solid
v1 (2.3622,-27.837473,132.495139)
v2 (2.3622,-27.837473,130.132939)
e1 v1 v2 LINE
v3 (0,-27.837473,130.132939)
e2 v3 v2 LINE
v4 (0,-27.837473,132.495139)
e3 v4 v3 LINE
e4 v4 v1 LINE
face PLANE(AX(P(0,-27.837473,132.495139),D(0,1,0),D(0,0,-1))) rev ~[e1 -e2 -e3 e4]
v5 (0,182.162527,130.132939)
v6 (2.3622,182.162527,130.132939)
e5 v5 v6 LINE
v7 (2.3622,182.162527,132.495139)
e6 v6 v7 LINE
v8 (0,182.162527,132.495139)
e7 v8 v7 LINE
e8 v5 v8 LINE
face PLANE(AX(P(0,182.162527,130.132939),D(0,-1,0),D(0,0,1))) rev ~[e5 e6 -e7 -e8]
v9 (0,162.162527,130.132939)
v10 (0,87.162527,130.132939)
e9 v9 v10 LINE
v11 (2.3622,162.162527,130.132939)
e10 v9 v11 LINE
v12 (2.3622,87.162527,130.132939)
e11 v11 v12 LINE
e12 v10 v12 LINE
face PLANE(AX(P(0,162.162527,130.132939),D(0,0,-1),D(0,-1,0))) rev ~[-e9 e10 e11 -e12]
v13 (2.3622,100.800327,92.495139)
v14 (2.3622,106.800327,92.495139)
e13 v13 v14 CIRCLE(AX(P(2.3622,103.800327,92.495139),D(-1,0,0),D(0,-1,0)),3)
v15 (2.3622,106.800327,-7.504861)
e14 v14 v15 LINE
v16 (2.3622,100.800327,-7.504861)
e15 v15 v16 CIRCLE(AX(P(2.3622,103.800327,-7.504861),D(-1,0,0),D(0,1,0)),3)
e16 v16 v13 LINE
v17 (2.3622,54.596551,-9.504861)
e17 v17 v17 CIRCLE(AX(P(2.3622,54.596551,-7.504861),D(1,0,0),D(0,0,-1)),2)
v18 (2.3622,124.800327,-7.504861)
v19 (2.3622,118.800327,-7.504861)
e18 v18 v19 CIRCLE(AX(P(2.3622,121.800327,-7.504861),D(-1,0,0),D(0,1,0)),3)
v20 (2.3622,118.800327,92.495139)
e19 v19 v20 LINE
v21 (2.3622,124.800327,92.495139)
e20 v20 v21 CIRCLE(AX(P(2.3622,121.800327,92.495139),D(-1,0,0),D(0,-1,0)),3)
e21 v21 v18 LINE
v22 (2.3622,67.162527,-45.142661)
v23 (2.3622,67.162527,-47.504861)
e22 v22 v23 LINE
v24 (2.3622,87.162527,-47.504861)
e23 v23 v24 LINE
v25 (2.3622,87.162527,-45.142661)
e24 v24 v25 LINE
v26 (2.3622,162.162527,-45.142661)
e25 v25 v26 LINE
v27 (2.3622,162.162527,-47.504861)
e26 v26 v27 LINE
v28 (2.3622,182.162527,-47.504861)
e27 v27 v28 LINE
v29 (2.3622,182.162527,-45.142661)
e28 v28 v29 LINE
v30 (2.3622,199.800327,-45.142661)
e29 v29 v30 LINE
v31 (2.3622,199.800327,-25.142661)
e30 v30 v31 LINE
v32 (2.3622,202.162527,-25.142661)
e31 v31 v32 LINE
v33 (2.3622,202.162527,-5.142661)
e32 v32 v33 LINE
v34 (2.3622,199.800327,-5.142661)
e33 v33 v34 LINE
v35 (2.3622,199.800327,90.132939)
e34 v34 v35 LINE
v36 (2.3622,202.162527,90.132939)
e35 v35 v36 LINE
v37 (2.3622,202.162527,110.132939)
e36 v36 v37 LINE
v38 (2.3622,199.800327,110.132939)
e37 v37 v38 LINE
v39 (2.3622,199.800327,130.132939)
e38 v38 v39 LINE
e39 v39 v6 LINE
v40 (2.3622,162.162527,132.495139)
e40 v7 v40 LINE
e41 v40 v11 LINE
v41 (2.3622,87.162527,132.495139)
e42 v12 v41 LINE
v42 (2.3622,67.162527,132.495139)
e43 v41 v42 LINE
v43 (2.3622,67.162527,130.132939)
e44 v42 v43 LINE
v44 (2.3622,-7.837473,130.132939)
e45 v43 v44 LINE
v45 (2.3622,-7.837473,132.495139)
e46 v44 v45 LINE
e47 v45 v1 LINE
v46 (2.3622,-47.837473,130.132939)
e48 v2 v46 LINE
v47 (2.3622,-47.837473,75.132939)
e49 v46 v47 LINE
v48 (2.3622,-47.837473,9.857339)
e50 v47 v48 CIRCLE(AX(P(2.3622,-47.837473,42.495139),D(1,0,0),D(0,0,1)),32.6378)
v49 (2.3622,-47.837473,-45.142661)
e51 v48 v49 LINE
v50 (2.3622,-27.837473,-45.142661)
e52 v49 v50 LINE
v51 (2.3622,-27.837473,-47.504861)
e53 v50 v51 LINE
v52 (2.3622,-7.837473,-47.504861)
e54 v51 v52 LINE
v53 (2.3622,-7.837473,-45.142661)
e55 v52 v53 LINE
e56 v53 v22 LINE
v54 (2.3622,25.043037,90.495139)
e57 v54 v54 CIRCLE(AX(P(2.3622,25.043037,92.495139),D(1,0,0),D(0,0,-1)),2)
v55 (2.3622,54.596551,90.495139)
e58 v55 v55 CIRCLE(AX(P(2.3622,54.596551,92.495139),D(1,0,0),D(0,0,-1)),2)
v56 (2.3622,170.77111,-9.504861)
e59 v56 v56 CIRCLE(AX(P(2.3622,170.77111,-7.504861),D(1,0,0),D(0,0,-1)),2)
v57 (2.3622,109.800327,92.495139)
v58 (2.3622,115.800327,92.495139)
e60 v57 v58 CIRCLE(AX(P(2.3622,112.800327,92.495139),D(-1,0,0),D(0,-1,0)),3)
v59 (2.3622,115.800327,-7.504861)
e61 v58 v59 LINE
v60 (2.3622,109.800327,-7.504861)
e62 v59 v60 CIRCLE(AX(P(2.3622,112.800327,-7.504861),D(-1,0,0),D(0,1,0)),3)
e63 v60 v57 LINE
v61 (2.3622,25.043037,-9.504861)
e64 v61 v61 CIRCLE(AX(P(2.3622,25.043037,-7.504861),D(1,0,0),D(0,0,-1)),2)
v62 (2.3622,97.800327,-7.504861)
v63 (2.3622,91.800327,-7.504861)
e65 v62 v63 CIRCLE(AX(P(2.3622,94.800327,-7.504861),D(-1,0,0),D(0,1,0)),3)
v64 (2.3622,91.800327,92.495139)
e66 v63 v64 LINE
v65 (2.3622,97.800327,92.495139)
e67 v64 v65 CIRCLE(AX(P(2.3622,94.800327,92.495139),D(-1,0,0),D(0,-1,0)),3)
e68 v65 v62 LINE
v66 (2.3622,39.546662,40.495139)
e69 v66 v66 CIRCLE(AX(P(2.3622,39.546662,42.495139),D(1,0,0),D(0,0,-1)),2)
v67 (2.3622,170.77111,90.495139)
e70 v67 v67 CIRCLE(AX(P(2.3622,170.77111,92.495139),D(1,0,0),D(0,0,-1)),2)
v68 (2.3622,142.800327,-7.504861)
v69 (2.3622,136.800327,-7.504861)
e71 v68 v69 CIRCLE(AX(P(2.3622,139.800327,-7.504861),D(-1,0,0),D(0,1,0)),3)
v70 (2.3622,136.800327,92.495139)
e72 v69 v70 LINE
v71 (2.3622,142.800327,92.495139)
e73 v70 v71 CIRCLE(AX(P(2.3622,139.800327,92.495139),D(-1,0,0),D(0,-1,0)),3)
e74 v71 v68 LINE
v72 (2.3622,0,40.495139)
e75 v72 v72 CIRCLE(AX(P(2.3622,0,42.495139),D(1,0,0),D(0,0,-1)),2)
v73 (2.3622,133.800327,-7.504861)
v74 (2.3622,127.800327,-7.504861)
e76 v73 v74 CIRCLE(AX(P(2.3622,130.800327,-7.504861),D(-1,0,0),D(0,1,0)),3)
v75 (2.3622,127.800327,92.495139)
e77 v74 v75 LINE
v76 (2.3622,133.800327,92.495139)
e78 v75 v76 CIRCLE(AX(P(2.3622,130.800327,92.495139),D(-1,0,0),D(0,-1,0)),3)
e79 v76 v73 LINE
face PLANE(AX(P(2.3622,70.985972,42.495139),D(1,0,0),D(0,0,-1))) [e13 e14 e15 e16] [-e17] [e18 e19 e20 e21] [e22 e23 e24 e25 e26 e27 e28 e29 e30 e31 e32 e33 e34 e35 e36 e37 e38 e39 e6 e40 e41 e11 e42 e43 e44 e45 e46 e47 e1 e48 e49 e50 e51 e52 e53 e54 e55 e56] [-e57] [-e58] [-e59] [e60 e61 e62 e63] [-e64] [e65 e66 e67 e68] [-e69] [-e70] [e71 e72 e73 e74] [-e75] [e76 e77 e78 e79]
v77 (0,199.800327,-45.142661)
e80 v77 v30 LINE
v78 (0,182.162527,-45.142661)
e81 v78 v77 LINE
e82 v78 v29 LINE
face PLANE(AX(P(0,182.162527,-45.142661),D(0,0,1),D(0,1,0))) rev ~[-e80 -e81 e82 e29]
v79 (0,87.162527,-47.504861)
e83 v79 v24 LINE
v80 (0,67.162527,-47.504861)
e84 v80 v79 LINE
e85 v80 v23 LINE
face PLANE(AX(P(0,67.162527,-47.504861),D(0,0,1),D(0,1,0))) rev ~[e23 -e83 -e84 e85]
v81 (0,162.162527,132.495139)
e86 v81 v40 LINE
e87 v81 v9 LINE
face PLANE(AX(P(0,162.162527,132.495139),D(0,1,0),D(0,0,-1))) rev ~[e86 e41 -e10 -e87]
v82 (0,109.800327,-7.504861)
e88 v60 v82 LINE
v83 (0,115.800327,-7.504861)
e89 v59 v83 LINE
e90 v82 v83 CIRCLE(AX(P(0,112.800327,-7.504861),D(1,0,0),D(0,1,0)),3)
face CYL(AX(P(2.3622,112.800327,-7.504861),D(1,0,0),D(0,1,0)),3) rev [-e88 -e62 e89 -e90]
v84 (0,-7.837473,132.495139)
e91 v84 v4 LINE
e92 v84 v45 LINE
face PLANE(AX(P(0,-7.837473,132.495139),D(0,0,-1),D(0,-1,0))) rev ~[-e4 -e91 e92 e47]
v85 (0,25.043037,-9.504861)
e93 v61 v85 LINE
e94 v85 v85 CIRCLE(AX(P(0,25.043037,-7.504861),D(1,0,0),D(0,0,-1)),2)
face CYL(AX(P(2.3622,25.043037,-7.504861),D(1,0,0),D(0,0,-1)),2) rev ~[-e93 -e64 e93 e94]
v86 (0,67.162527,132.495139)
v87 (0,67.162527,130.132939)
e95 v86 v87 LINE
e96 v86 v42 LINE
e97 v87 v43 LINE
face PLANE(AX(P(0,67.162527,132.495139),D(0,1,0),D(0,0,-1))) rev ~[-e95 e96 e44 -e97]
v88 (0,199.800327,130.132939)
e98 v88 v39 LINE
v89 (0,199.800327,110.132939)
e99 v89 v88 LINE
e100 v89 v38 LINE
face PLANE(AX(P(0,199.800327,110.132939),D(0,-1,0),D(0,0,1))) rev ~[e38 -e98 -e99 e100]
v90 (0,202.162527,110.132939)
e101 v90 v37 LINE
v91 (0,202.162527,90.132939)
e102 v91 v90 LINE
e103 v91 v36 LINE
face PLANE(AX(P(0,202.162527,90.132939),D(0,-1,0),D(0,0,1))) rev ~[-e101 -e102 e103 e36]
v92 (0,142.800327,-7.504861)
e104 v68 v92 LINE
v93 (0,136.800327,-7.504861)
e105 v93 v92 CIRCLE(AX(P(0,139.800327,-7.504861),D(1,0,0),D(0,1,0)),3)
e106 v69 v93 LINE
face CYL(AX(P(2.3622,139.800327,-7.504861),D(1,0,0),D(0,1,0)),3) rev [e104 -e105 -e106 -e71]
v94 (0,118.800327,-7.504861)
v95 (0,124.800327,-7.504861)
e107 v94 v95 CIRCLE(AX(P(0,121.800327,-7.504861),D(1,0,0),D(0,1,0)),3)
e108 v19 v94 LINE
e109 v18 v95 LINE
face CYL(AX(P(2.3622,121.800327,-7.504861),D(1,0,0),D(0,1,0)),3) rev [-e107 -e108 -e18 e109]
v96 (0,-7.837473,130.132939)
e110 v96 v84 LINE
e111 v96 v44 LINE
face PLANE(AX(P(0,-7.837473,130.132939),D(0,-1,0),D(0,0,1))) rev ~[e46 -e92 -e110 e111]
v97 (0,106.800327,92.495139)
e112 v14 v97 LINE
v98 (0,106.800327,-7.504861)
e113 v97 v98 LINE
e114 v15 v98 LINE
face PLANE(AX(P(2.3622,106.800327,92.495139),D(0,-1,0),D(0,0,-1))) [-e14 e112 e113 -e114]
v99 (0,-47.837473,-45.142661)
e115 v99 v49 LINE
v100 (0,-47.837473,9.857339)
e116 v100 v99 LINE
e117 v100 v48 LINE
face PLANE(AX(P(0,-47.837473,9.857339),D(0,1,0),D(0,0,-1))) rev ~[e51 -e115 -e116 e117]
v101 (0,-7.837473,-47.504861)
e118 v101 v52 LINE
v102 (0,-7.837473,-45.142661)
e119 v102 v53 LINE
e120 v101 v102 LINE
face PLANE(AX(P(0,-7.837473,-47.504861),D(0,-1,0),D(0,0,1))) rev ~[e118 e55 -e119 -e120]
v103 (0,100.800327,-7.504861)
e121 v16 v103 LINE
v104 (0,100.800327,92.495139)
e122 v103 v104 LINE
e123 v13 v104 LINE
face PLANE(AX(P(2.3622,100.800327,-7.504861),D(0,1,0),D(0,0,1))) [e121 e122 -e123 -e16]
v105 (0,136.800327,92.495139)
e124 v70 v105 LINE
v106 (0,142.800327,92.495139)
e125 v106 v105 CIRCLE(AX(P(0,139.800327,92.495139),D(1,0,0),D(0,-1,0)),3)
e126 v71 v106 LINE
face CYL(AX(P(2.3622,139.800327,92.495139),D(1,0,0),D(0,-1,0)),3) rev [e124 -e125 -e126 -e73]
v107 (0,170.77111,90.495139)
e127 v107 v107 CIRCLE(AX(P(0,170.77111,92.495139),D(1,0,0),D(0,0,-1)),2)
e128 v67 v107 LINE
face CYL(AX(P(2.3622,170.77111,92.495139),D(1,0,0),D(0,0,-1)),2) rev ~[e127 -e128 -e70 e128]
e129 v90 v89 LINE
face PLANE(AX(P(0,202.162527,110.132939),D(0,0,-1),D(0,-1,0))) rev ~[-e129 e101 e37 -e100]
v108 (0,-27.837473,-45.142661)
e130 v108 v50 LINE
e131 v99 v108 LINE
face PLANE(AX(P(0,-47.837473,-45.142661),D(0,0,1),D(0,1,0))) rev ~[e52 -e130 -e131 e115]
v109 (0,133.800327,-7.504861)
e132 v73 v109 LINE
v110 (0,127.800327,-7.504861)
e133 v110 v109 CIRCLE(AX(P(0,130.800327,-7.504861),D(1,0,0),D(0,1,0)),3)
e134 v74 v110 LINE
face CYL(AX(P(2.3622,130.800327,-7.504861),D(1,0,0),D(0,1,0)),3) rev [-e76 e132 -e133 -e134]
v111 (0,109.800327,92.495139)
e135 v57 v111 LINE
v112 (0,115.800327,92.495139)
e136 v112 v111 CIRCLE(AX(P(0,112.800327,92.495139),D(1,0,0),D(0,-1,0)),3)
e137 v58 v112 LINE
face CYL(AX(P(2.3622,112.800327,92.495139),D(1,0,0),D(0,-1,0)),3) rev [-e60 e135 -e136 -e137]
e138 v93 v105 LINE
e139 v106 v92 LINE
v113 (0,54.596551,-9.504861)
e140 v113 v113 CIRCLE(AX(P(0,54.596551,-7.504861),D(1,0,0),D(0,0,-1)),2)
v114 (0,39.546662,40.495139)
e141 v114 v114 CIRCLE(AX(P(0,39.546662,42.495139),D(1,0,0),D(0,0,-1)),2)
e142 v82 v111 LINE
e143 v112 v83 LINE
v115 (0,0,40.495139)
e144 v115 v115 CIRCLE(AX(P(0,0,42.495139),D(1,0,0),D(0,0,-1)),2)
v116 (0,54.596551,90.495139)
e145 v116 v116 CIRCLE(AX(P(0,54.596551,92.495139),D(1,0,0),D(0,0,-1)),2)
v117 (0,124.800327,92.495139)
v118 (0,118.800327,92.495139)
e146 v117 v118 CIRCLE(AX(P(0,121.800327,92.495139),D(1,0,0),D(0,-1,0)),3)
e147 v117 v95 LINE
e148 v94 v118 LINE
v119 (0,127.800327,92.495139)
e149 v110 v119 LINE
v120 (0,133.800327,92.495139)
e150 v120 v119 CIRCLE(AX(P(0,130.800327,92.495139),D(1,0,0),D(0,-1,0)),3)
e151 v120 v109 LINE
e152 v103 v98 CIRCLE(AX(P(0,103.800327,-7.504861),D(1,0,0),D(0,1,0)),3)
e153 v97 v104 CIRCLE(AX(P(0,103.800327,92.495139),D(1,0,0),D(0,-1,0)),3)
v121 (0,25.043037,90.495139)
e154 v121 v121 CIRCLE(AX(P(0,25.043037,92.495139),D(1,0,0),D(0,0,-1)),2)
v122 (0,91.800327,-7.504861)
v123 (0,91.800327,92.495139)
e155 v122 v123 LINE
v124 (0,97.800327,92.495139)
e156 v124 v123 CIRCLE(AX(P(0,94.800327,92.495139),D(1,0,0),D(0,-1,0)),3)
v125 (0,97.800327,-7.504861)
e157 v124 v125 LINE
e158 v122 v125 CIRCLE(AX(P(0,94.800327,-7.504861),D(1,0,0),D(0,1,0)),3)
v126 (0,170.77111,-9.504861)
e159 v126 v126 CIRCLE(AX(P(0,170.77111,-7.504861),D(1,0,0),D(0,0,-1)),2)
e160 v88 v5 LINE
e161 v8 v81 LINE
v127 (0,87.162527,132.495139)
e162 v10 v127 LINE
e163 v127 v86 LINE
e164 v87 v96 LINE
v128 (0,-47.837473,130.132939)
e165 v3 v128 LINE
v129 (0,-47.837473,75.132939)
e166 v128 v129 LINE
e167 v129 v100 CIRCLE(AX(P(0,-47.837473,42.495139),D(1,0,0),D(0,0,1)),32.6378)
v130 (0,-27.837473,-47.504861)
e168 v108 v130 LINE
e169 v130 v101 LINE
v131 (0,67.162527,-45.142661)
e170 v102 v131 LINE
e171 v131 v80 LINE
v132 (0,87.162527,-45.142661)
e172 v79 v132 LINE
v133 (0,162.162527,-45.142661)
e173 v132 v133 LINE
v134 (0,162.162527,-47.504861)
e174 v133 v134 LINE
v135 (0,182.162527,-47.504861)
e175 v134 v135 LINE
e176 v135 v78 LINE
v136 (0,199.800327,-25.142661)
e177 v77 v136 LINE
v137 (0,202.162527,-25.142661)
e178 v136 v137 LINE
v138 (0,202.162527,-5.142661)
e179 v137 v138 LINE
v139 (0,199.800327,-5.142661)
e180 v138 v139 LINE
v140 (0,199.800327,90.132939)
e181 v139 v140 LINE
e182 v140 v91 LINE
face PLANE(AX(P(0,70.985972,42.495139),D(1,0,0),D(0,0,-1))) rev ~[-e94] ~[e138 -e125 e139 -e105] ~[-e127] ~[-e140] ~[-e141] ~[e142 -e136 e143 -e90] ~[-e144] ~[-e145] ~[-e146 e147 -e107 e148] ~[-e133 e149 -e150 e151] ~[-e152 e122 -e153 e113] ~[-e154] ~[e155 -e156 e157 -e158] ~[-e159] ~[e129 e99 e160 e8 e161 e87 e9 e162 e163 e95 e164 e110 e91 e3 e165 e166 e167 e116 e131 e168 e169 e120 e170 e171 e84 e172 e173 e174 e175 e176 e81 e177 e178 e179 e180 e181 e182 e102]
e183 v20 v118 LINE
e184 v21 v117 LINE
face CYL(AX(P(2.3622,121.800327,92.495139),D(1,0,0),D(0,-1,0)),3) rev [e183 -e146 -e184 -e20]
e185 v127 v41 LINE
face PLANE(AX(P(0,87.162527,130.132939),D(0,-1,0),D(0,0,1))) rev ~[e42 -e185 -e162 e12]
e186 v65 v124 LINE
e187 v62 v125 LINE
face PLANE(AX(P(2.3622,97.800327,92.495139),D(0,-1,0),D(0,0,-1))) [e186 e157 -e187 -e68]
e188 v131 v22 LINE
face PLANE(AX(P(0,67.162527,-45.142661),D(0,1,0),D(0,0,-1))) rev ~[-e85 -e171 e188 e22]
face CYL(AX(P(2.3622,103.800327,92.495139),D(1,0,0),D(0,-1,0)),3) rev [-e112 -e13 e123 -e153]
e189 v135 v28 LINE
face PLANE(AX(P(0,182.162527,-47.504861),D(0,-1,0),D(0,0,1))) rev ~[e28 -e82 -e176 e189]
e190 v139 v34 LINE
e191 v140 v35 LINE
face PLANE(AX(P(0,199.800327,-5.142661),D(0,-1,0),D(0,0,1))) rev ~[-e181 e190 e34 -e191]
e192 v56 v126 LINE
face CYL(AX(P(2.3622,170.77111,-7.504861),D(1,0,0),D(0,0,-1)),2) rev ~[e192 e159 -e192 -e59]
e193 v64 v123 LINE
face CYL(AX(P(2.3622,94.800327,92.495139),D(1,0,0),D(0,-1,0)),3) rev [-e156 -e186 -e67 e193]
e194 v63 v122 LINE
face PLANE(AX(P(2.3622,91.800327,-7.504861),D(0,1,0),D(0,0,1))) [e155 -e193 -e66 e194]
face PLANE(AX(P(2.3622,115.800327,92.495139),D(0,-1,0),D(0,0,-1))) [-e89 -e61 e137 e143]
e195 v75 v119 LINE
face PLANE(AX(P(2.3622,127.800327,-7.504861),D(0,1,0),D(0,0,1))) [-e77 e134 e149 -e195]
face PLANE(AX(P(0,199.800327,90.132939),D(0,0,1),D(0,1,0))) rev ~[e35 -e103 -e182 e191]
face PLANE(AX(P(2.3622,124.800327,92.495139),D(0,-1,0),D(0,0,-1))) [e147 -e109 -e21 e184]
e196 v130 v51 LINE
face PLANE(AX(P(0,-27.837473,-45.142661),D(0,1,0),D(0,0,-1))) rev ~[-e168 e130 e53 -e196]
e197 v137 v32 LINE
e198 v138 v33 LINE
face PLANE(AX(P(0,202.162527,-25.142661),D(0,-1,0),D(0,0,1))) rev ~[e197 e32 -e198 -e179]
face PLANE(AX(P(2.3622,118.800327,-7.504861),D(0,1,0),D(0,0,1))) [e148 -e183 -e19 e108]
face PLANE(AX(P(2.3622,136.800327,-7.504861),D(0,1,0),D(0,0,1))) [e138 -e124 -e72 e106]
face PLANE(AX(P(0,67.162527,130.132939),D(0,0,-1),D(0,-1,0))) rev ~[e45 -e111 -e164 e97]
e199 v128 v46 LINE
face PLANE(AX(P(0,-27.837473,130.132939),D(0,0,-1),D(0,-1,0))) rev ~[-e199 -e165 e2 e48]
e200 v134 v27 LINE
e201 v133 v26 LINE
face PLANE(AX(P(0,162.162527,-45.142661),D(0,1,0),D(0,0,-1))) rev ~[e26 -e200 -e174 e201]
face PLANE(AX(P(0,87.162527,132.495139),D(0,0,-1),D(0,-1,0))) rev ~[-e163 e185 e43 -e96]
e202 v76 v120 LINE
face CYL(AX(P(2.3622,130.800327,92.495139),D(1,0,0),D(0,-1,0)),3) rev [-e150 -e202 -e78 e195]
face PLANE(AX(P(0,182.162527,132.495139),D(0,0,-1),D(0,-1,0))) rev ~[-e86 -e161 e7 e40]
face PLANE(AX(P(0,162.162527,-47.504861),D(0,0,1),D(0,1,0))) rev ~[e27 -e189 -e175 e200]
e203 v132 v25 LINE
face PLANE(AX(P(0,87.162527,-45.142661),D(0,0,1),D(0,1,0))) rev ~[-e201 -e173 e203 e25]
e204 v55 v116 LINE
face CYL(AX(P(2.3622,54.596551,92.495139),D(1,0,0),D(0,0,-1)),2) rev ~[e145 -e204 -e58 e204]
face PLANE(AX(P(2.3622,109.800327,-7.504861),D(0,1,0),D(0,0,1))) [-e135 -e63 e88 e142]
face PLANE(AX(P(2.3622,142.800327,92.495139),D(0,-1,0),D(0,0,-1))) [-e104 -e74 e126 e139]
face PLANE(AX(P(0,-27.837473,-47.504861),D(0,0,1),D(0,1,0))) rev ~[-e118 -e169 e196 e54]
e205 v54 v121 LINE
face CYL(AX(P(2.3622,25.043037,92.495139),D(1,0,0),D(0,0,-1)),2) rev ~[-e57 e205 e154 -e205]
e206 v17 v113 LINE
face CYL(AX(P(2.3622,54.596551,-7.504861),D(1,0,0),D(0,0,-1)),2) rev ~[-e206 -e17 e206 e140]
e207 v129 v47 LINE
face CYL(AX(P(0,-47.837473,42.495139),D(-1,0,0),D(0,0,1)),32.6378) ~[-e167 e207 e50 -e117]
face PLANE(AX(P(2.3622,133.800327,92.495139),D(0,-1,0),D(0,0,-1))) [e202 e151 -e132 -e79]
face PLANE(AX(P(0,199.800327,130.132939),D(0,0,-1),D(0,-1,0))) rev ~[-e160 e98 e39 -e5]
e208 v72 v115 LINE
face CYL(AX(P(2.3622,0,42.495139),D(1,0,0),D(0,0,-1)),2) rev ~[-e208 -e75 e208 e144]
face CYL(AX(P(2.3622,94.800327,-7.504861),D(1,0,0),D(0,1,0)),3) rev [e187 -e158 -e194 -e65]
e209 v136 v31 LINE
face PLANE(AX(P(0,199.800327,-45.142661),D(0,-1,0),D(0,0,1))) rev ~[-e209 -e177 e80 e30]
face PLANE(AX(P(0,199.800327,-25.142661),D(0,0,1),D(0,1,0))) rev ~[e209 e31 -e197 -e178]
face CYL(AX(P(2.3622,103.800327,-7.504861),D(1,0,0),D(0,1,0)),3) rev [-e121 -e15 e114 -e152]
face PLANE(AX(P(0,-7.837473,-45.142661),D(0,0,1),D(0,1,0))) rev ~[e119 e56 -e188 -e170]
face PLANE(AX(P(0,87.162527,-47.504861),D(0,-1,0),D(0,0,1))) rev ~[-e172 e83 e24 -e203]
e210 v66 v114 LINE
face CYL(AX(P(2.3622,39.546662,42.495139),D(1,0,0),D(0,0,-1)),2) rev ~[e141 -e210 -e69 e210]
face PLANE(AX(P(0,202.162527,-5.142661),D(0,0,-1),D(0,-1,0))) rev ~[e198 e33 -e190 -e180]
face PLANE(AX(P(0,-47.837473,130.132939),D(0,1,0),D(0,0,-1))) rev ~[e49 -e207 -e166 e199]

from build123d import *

# Parameters (mm, degrees)
BOSS_EXTRUDE1_DEPTH = 2.3622
SKETCH2_R           = 2
CUT_EXTRUDE1_DEPTH  = 242.723455562


with BuildPart() as part:
    # Sketch1 → Boss-Extrude1 (new body)
    with BuildSketch(Plane(origin=(0, 0, 0), x_dir=(0, 0, -1), z_dir=(1, 0, 0))):
        with BuildLine():
            Line((-130.13293856, 199.80032679), (-130.13293856, 182.16252679))
            Line((-130.13293856, 182.16252679), (-132.49513856, 182.16252679))
            Line((-132.49513856, 182.16252679), (-132.49513856, 162.16252679))
            Line((-132.49513856, 162.16252679), (-130.13293856, 162.16252679))
            Line((-130.13293856, 162.16252679), (-130.13293856, 87.16252679))
            Line((-130.13293856, 87.16252679), (-132.49513856, 87.16252679))
            Line((-132.49513856, 87.16252679), (-132.49513856, 67.16252679))
            Line((-132.49513856, 67.16252679), (-130.13293856, 67.16252679))
            Line((-130.13293856, 67.16252679), (-130.13293856, -7.83747321))
            Line((-130.13293856, -7.83747321), (-132.49513856, -7.83747321))
            Line((-132.49513856, -7.83747321), (-132.49513856, -27.83747321))
            Line((-132.49513856, -27.83747321), (-130.13293856, -27.83747321))
            Line((-130.13293856, -27.83747321), (-130.13293856, -47.83747321))
            Line((-130.13293856, -47.83747321), (-75.13293856, -47.83747321))
            ThreePointArc((-75.13293856, -47.83747321), (-42.49513856, -80.47527321), (-9.85733856, -47.83747321))
            Line((-9.85733856, -47.83747321), (45.14266144, -47.83747321))
            Line((45.14266144, -47.83747321), (45.14266144, -27.83747321))
            Line((45.14266144, -27.83747321), (47.50486144, -27.83747321))
            Line((47.50486144, -27.83747321), (47.50486144, -7.83747321))
            Line((47.50486144, -7.83747321), (45.14266144, -7.83747321))
            Line((45.14266144, -7.83747321), (45.14266144, 67.16252679))
            Line((45.14266144, 67.16252679), (47.50486144, 67.16252679))
            Line((47.50486144, 67.16252679), (47.50486144, 87.16252679))
            Line((47.50486144, 87.16252679), (45.14266144, 87.16252679))
            Line((45.14266144, 87.16252679), (45.14266144, 162.16252679))
            Line((45.14266144, 162.16252679), (47.50486144, 162.16252679))
            Line((47.50486144, 162.16252679), (47.50486144, 182.16252679))
            Line((47.50486144, 182.16252679), (45.14266144, 182.16252679))
            Line((45.14266144, 182.16252679), (45.14266144, 199.80032679))
            Line((45.14266144, 199.80032679), (25.14266144, 199.80032679))
            Line((25.14266144, 199.80032679), (25.14266144, 202.16252679))
            Line((25.14266144, 202.16252679), (5.14266144, 202.16252679))
            Line((5.14266144, 202.16252679), (5.14266144, 199.80032679))
            Line((5.14266144, 199.80032679), (-90.13293856, 199.80032679))
            Line((-90.13293856, 199.80032679), (-90.13293856, 202.16252679))
            Line((-90.13293856, 202.16252679), (-110.13293856, 202.16252679))
            Line((-110.13293856, 202.16252679), (-110.13293856, 199.80032679))
            Line((-110.13293856, 199.80032679), (-130.13293856, 199.80032679))
        make_face()
    extrude(amount=BOSS_EXTRUDE1_DEPTH)

    # Sketch2 → Cut-Extrude1 (cut, through all)
    with BuildSketch(Plane(origin=(2.3622, 0, 0), x_dir=(0, 0, -1), z_dir=(1, 0, 0))):
        with Locations((-92.49513856, 54.59655139)):
            Circle(SKETCH2_R)
        with Locations((7.50486144, 54.59655139)):
            Circle(SKETCH2_R)
        with Locations((7.50486144, 25.043037435)):
            Circle(SKETCH2_R)
        with Locations((-92.49513856, 170.771110124)):
            Circle(SKETCH2_R)
        with Locations((7.50486144, 170.771110124)):
            Circle(SKETCH2_R)
        with Locations((-92.49513856, 25.043037435)):
            Circle(SKETCH2_R)
        with Locations((-42.49513856, 39.546662347)):
            Circle(SKETCH2_R)
        with Locations((-42.49513856, 0)):
            Circle(SKETCH2_R)
        with BuildLine():
            Line((-92.49513856, 142.80032679), (7.50486144, 142.80032679))
            ThreePointArc((7.50486144, 142.80032679), (10.50486144, 139.80032679), (7.50486144, 136.80032679))
            Line((7.50486144, 136.80032679), (-92.49513856, 136.80032679))
            ThreePointArc((-92.49513856, 136.80032679), (-95.49513856, 139.80032679), (-92.49513856, 142.80032679))
        make_face()
        with BuildLine():
            Line((-92.49513856, 133.80032679), (7.50486144, 133.80032679))
            ThreePointArc((7.50486144, 133.80032679), (10.50486144, 130.80032679), (7.50486144, 127.80032679))
            Line((7.50486144, 127.80032679), (-92.49513856, 127.80032679))
            ThreePointArc((-92.49513856, 127.80032679), (-95.49513856, 130.80032679), (-92.49513856, 133.80032679))
        make_face()
        with BuildLine():
            Line((-92.49513856, 124.80032679), (7.50486144, 124.80032679))
            ThreePointArc((7.50486144, 124.80032679), (10.50486144, 121.80032679), (7.50486144, 118.80032679))
            Line((7.50486144, 118.80032679), (-92.49513856, 118.80032679))
            ThreePointArc((-92.49513856, 118.80032679), (-95.49513856, 121.80032679), (-92.49513856, 124.80032679))
        make_face()
        with BuildLine():
            Line((-92.49513856, 115.80032679), (7.50486144, 115.80032679))
            ThreePointArc((7.50486144, 115.80032679), (10.50486144, 112.80032679), (7.50486144, 109.80032679))
            Line((7.50486144, 109.80032679), (-92.49513856, 109.80032679))
            ThreePointArc((-92.49513856, 109.80032679), (-95.49513856, 112.80032679), (-92.49513856, 115.80032679))
        make_face()
        with BuildLine():
            Line((-92.49513856, 106.80032679), (7.50486144, 106.80032679))
            ThreePointArc((7.50486144, 106.80032679), (10.50486144, 103.80032679), (7.50486144, 100.80032679))
            Line((7.50486144, 100.80032679), (-92.49513856, 100.80032679))
            ThreePointArc((-92.49513856, 100.80032679), (-95.49513856, 103.80032679), (-92.49513856, 106.80032679))
        make_face()
        with BuildLine():
            Line((-92.49513856, 97.80032679), (7.50486144, 97.80032679))
            ThreePointArc((7.50486144, 97.80032679), (10.50486144, 94.80032679), (7.50486144, 91.80032679))
            Line((7.50486144, 91.80032679), (-92.49513856, 91.80032679))
            ThreePointArc((-92.49513856, 91.80032679), (-95.49513856, 94.80032679), (-92.49513856, 97.80032679))
        make_face()
    extrude(amount=-CUT_EXTRUDE1_DEPTH, mode=Mode.SUBTRACT)


solid = part.part
